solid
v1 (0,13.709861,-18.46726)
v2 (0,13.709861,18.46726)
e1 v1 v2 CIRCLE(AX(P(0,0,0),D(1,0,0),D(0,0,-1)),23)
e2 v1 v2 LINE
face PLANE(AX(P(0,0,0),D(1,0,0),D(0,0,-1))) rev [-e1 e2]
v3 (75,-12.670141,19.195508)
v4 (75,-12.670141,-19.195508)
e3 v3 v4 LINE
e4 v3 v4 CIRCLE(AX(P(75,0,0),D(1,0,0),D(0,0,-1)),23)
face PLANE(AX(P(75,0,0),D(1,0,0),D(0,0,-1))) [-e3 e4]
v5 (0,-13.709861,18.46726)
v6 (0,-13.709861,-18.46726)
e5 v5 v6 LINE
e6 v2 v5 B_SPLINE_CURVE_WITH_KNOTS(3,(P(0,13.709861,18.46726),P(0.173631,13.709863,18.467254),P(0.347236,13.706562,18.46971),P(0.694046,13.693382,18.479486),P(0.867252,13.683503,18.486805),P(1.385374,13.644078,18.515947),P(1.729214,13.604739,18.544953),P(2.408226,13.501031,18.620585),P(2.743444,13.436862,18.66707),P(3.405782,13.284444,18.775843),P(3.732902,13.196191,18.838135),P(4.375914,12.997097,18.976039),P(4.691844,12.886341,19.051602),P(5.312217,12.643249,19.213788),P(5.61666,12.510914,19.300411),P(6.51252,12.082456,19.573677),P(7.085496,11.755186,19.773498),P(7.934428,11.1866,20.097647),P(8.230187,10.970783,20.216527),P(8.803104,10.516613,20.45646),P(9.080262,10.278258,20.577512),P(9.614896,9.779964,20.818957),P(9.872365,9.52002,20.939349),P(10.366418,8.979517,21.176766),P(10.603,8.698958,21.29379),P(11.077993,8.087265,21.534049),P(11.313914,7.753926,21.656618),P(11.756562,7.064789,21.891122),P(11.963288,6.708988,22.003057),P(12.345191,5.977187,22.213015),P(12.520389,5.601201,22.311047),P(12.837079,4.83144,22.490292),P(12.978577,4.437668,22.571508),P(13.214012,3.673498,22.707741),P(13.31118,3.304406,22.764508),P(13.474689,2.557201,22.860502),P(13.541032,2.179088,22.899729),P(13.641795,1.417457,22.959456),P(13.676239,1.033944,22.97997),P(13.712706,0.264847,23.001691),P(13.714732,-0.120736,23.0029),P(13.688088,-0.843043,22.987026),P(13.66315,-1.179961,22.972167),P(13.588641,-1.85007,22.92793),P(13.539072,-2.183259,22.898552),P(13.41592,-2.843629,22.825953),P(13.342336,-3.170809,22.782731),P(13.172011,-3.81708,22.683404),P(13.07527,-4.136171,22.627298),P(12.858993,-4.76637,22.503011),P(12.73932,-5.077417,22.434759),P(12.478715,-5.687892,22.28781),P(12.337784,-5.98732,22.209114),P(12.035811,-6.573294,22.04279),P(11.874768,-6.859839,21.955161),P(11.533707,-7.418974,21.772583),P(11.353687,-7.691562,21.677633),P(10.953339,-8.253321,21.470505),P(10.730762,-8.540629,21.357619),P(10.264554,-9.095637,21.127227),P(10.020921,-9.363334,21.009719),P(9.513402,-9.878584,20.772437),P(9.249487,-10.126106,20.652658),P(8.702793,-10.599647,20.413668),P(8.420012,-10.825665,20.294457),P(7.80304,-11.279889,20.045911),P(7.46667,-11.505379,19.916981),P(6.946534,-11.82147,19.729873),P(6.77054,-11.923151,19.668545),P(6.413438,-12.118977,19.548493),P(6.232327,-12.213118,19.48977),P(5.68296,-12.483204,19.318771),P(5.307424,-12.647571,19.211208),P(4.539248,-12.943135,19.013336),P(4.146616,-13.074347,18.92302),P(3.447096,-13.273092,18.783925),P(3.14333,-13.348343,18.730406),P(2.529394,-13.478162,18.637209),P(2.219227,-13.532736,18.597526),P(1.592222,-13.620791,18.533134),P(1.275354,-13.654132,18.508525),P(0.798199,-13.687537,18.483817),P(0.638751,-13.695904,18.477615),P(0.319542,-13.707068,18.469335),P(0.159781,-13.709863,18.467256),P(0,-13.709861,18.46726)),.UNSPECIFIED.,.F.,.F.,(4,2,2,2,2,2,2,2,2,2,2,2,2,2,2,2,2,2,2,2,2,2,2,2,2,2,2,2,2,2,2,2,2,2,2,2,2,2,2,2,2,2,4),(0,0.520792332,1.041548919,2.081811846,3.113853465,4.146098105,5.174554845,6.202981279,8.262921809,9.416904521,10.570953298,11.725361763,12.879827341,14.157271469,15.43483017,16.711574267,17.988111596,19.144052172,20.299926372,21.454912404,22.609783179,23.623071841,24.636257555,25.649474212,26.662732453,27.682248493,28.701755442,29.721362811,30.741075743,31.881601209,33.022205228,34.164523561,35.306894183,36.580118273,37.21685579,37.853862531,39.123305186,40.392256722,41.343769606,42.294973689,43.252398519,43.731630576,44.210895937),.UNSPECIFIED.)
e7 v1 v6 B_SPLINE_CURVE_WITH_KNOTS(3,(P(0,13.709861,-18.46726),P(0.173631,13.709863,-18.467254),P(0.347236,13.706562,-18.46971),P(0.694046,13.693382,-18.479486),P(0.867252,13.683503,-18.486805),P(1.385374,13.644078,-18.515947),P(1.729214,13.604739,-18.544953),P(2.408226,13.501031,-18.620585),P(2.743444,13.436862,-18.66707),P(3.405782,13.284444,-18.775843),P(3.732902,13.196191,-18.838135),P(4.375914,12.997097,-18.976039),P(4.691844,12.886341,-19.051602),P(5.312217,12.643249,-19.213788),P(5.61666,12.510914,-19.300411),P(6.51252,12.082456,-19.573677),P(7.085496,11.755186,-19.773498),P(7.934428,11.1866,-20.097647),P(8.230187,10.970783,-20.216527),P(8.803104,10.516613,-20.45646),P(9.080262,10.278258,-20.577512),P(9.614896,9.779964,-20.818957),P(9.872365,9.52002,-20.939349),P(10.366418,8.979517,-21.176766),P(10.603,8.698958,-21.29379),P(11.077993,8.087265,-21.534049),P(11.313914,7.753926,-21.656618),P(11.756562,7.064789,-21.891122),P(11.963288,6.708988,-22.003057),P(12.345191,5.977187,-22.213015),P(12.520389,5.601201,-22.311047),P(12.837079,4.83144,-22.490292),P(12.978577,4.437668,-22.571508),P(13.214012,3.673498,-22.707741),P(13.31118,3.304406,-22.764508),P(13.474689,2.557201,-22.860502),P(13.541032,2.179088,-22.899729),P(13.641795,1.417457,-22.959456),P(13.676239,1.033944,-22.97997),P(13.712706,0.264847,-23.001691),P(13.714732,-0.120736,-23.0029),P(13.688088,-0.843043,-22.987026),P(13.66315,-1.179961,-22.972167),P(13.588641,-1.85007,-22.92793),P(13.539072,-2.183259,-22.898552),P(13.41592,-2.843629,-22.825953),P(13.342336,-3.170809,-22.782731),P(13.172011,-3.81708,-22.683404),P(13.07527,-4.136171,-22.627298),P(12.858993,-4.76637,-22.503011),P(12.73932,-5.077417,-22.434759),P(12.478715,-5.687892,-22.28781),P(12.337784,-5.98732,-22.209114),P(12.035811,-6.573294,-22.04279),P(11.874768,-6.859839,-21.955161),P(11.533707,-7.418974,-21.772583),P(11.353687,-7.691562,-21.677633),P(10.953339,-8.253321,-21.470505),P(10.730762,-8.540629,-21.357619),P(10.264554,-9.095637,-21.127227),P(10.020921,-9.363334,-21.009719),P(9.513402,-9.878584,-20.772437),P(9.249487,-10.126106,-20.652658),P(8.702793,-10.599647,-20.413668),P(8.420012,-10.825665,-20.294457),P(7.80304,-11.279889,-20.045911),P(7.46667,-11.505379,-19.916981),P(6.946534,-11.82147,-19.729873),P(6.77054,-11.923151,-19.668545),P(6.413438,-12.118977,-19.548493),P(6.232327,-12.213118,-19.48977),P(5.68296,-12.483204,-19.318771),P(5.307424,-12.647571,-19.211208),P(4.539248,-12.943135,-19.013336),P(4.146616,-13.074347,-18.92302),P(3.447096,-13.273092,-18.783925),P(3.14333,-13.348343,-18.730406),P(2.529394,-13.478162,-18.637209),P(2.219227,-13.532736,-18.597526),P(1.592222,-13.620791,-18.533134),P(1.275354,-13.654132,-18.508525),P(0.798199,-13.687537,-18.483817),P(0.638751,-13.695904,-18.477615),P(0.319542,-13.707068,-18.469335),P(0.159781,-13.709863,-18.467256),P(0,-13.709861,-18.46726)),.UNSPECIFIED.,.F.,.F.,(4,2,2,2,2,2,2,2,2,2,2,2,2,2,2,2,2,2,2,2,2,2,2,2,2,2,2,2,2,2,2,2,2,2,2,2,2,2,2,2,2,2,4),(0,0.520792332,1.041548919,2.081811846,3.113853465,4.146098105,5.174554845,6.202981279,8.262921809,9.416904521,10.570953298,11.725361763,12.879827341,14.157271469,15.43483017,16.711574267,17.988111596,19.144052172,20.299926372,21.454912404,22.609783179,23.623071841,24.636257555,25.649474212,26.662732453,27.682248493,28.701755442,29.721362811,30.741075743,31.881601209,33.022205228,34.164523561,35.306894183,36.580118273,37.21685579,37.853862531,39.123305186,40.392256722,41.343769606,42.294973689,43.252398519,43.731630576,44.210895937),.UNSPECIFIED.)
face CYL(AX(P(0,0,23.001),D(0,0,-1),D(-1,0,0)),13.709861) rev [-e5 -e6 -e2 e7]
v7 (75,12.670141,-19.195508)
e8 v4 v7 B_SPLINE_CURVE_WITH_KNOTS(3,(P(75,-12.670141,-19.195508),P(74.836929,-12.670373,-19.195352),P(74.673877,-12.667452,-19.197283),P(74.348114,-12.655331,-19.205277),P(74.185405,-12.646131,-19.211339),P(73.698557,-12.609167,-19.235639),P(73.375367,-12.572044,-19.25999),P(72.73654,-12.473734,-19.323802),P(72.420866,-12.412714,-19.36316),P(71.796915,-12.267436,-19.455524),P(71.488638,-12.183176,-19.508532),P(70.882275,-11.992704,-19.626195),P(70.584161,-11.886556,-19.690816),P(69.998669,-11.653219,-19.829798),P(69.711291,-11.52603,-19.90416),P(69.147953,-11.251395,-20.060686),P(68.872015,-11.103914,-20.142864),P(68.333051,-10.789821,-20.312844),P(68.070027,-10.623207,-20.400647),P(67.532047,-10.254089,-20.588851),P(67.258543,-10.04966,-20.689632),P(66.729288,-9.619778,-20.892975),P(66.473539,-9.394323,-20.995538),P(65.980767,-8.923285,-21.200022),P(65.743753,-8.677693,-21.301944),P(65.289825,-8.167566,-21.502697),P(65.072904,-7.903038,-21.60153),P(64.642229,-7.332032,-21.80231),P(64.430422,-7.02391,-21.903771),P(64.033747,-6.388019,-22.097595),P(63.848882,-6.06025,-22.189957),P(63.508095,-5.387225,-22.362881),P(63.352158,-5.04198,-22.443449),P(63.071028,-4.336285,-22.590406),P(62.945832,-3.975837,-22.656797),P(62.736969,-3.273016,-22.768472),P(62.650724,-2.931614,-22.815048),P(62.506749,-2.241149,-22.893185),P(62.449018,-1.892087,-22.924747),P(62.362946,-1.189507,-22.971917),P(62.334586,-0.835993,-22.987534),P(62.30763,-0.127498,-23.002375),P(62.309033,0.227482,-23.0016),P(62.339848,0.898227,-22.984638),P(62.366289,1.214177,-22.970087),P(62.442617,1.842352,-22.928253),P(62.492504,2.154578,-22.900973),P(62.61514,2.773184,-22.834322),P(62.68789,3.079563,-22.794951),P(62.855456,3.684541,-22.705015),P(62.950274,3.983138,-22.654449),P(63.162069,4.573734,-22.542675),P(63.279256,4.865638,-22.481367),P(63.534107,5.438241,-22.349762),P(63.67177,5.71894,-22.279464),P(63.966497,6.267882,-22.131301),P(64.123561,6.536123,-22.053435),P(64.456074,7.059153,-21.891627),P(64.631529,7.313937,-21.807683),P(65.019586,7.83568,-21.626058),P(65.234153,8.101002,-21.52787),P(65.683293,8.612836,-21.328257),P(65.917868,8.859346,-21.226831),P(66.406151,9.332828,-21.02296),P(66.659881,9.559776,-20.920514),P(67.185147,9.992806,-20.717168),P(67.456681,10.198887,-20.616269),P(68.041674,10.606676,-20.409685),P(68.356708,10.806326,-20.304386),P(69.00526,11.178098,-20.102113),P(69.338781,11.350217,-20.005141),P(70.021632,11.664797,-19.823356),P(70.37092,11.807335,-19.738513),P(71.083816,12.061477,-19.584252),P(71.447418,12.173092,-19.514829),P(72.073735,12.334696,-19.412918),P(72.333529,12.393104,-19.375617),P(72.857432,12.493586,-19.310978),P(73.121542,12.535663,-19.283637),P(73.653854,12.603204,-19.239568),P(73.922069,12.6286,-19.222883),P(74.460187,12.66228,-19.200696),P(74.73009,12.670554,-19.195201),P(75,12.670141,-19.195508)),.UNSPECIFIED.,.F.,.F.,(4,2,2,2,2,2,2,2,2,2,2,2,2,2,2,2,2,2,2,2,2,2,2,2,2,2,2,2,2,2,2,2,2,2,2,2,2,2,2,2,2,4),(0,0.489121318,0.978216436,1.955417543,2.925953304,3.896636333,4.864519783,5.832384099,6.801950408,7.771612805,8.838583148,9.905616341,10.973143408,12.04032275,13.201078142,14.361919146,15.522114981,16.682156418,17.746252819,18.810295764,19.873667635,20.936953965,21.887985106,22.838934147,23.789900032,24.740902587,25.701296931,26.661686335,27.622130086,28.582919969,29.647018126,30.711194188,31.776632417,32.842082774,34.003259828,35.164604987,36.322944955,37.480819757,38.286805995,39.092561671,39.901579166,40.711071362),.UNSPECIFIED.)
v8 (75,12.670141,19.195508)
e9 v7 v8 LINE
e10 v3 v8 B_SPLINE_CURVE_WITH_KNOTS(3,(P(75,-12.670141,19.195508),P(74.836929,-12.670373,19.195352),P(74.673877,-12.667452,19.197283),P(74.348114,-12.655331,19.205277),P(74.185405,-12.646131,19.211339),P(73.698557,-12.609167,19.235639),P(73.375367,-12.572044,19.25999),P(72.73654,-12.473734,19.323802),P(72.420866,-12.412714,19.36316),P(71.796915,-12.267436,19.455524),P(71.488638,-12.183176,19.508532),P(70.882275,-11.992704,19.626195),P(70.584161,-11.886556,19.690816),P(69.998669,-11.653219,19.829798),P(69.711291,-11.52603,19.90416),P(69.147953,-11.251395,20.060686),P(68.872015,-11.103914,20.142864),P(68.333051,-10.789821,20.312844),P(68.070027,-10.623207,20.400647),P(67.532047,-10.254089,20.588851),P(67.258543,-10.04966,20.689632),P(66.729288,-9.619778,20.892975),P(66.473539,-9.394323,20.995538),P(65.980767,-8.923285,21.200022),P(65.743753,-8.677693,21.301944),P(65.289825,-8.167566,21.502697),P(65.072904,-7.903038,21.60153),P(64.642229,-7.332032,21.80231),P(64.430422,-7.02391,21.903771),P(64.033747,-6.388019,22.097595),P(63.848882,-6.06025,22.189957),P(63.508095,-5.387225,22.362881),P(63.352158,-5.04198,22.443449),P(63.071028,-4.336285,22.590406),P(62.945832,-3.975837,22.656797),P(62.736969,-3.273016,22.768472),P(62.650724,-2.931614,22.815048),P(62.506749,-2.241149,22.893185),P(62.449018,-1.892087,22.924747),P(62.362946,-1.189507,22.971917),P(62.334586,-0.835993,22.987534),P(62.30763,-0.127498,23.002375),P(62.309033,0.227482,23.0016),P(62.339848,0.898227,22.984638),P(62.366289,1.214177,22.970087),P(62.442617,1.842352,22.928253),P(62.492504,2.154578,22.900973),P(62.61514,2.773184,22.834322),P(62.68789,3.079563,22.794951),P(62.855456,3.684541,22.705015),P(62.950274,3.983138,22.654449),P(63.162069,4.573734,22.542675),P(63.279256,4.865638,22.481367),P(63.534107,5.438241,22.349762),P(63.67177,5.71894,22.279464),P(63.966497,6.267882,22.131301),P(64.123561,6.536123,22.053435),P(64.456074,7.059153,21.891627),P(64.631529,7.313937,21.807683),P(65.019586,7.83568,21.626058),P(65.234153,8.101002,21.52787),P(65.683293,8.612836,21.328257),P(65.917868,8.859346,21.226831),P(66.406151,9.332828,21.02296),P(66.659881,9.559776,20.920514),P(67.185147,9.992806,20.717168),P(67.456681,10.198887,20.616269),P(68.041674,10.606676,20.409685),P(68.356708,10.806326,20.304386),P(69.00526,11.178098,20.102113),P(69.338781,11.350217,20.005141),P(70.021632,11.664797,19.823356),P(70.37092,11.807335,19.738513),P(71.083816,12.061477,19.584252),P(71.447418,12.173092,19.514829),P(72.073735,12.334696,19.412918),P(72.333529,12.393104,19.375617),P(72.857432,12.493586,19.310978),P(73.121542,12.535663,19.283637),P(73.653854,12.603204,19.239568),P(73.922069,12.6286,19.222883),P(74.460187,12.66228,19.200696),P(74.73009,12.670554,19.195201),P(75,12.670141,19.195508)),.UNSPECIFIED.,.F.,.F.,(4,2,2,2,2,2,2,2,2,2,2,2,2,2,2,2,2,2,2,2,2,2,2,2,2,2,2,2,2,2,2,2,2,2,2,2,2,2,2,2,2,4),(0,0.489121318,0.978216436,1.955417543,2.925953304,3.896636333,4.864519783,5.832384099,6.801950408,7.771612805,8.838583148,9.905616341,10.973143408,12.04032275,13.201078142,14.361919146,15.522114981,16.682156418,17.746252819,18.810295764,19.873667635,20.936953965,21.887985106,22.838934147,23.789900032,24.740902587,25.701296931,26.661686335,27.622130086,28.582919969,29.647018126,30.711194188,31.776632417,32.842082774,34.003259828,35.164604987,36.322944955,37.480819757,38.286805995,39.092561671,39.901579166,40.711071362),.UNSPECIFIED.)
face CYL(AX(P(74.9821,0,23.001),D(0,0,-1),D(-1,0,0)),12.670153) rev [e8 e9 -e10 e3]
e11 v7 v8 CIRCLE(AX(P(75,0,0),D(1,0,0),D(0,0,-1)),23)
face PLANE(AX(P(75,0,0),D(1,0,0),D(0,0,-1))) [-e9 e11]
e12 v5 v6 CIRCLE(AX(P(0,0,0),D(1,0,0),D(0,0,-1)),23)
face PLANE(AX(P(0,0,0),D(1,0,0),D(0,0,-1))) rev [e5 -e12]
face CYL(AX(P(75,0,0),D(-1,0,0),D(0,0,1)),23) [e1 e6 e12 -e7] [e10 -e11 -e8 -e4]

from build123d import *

# Parameters (mm, degrees)
SKETCH1_R                           = 23
BOSS_EXTRUDE1_DEPTH                 = 75
CUT_EXTRUDE1_REACH                  = 83.75
CUT_EXTRUDE1_END_RADIUS             = 23
SKETCH2_R                           = 13.709861361
SKETCH2_R_2                         = 12.670153282
CUT_EXTRUDE1_DIRECTION_2_REACH      = 83.75
CUT_EXTRUDE1_DIRECTION_2_END_RADIUS = 23


with BuildPart() as part:
    # Sketch1 → Boss-Extrude1 (new body)
    with BuildSketch(Plane(origin=(0, 0, 0), x_dir=(0, 0, -1), z_dir=(1, 0, 0))):
        Circle(SKETCH1_R)
    extrude(amount=BOSS_EXTRUDE1_DEPTH)

    # Cut-Extrude1: up to this cylinder (the profile starts inside it)
    cut_extrude1_end = Plane(origin=(37.49105, 0, 0), z_dir=(-1, 0, 0)) * Cylinder(CUT_EXTRUDE1_END_RADIUS, 289.4821, mode=Mode.PRIVATE)
    # Sketch2 → Cut-Extrude1 (cut, up to the surface)
    with BuildSketch(Plane.XY, mode=Mode.PRIVATE) as cut_extrude1_sk1:
        Circle(SKETCH2_R)
    cut_extrude1_tool1 = extrude(cut_extrude1_sk1.sketch, amount=-CUT_EXTRUDE1_REACH, mode=Mode.PRIVATE) & cut_extrude1_end
    add(cut_extrude1_tool1.solids().sort_by_distance((0, 0, 0))[0], mode=Mode.SUBTRACT)
    # Sketch2 → Cut-Extrude1 (cut, up to the surface)
    with BuildSketch(Plane.XY, mode=Mode.PRIVATE) as cut_extrude1_sk2:
        with Locations((74.982099517, 0)):
            Circle(SKETCH2_R_2)
    cut_extrude1_tool2 = extrude(cut_extrude1_sk2.sketch, amount=-CUT_EXTRUDE1_REACH, mode=Mode.PRIVATE) & cut_extrude1_end
    add(cut_extrude1_tool2.solids().sort_by_distance((74.9821, 0, 0))[0], mode=Mode.SUBTRACT)

    # Cut-Extrude1 direction 2: up to this cylinder (the profile starts inside it)
    cut_extrude1_direction_2_end = Plane(origin=(37.49105, 0, 0), z_dir=(-1, 0, 0)) * Cylinder(CUT_EXTRUDE1_DIRECTION_2_END_RADIUS, 289.4821, mode=Mode.PRIVATE)
    # Sketch2 → Cut-Extrude1 direction 2 (cut, up to the surface)
    with BuildSketch(Plane.XY, mode=Mode.PRIVATE) as cut_extrude1_direction_2_sk1:
        Circle(SKETCH2_R)
    cut_extrude1_direction_2_tool1 = extrude(cut_extrude1_direction_2_sk1.sketch, amount=CUT_EXTRUDE1_DIRECTION_2_REACH, mode=Mode.PRIVATE) & cut_extrude1_direction_2_end
    add(cut_extrude1_direction_2_tool1.solids().sort_by_distance((0, 0, 0))[0], mode=Mode.SUBTRACT)
    # Sketch2 → Cut-Extrude1 direction 2 (cut, up to the surface)
    with BuildSketch(Plane.XY, mode=Mode.PRIVATE) as cut_extrude1_direction_2_sk2:
        with Locations((74.982099517, 0)):
            Circle(SKETCH2_R_2)
    cut_extrude1_direction_2_tool2 = extrude(cut_extrude1_direction_2_sk2.sketch, amount=CUT_EXTRUDE1_DIRECTION_2_REACH, mode=Mode.PRIVATE) & cut_extrude1_direction_2_end
    add(cut_extrude1_direction_2_tool2.solids().sort_by_distance((74.9821, 0, 0))[0], mode=Mode.SUBTRACT)


solid = part.part
